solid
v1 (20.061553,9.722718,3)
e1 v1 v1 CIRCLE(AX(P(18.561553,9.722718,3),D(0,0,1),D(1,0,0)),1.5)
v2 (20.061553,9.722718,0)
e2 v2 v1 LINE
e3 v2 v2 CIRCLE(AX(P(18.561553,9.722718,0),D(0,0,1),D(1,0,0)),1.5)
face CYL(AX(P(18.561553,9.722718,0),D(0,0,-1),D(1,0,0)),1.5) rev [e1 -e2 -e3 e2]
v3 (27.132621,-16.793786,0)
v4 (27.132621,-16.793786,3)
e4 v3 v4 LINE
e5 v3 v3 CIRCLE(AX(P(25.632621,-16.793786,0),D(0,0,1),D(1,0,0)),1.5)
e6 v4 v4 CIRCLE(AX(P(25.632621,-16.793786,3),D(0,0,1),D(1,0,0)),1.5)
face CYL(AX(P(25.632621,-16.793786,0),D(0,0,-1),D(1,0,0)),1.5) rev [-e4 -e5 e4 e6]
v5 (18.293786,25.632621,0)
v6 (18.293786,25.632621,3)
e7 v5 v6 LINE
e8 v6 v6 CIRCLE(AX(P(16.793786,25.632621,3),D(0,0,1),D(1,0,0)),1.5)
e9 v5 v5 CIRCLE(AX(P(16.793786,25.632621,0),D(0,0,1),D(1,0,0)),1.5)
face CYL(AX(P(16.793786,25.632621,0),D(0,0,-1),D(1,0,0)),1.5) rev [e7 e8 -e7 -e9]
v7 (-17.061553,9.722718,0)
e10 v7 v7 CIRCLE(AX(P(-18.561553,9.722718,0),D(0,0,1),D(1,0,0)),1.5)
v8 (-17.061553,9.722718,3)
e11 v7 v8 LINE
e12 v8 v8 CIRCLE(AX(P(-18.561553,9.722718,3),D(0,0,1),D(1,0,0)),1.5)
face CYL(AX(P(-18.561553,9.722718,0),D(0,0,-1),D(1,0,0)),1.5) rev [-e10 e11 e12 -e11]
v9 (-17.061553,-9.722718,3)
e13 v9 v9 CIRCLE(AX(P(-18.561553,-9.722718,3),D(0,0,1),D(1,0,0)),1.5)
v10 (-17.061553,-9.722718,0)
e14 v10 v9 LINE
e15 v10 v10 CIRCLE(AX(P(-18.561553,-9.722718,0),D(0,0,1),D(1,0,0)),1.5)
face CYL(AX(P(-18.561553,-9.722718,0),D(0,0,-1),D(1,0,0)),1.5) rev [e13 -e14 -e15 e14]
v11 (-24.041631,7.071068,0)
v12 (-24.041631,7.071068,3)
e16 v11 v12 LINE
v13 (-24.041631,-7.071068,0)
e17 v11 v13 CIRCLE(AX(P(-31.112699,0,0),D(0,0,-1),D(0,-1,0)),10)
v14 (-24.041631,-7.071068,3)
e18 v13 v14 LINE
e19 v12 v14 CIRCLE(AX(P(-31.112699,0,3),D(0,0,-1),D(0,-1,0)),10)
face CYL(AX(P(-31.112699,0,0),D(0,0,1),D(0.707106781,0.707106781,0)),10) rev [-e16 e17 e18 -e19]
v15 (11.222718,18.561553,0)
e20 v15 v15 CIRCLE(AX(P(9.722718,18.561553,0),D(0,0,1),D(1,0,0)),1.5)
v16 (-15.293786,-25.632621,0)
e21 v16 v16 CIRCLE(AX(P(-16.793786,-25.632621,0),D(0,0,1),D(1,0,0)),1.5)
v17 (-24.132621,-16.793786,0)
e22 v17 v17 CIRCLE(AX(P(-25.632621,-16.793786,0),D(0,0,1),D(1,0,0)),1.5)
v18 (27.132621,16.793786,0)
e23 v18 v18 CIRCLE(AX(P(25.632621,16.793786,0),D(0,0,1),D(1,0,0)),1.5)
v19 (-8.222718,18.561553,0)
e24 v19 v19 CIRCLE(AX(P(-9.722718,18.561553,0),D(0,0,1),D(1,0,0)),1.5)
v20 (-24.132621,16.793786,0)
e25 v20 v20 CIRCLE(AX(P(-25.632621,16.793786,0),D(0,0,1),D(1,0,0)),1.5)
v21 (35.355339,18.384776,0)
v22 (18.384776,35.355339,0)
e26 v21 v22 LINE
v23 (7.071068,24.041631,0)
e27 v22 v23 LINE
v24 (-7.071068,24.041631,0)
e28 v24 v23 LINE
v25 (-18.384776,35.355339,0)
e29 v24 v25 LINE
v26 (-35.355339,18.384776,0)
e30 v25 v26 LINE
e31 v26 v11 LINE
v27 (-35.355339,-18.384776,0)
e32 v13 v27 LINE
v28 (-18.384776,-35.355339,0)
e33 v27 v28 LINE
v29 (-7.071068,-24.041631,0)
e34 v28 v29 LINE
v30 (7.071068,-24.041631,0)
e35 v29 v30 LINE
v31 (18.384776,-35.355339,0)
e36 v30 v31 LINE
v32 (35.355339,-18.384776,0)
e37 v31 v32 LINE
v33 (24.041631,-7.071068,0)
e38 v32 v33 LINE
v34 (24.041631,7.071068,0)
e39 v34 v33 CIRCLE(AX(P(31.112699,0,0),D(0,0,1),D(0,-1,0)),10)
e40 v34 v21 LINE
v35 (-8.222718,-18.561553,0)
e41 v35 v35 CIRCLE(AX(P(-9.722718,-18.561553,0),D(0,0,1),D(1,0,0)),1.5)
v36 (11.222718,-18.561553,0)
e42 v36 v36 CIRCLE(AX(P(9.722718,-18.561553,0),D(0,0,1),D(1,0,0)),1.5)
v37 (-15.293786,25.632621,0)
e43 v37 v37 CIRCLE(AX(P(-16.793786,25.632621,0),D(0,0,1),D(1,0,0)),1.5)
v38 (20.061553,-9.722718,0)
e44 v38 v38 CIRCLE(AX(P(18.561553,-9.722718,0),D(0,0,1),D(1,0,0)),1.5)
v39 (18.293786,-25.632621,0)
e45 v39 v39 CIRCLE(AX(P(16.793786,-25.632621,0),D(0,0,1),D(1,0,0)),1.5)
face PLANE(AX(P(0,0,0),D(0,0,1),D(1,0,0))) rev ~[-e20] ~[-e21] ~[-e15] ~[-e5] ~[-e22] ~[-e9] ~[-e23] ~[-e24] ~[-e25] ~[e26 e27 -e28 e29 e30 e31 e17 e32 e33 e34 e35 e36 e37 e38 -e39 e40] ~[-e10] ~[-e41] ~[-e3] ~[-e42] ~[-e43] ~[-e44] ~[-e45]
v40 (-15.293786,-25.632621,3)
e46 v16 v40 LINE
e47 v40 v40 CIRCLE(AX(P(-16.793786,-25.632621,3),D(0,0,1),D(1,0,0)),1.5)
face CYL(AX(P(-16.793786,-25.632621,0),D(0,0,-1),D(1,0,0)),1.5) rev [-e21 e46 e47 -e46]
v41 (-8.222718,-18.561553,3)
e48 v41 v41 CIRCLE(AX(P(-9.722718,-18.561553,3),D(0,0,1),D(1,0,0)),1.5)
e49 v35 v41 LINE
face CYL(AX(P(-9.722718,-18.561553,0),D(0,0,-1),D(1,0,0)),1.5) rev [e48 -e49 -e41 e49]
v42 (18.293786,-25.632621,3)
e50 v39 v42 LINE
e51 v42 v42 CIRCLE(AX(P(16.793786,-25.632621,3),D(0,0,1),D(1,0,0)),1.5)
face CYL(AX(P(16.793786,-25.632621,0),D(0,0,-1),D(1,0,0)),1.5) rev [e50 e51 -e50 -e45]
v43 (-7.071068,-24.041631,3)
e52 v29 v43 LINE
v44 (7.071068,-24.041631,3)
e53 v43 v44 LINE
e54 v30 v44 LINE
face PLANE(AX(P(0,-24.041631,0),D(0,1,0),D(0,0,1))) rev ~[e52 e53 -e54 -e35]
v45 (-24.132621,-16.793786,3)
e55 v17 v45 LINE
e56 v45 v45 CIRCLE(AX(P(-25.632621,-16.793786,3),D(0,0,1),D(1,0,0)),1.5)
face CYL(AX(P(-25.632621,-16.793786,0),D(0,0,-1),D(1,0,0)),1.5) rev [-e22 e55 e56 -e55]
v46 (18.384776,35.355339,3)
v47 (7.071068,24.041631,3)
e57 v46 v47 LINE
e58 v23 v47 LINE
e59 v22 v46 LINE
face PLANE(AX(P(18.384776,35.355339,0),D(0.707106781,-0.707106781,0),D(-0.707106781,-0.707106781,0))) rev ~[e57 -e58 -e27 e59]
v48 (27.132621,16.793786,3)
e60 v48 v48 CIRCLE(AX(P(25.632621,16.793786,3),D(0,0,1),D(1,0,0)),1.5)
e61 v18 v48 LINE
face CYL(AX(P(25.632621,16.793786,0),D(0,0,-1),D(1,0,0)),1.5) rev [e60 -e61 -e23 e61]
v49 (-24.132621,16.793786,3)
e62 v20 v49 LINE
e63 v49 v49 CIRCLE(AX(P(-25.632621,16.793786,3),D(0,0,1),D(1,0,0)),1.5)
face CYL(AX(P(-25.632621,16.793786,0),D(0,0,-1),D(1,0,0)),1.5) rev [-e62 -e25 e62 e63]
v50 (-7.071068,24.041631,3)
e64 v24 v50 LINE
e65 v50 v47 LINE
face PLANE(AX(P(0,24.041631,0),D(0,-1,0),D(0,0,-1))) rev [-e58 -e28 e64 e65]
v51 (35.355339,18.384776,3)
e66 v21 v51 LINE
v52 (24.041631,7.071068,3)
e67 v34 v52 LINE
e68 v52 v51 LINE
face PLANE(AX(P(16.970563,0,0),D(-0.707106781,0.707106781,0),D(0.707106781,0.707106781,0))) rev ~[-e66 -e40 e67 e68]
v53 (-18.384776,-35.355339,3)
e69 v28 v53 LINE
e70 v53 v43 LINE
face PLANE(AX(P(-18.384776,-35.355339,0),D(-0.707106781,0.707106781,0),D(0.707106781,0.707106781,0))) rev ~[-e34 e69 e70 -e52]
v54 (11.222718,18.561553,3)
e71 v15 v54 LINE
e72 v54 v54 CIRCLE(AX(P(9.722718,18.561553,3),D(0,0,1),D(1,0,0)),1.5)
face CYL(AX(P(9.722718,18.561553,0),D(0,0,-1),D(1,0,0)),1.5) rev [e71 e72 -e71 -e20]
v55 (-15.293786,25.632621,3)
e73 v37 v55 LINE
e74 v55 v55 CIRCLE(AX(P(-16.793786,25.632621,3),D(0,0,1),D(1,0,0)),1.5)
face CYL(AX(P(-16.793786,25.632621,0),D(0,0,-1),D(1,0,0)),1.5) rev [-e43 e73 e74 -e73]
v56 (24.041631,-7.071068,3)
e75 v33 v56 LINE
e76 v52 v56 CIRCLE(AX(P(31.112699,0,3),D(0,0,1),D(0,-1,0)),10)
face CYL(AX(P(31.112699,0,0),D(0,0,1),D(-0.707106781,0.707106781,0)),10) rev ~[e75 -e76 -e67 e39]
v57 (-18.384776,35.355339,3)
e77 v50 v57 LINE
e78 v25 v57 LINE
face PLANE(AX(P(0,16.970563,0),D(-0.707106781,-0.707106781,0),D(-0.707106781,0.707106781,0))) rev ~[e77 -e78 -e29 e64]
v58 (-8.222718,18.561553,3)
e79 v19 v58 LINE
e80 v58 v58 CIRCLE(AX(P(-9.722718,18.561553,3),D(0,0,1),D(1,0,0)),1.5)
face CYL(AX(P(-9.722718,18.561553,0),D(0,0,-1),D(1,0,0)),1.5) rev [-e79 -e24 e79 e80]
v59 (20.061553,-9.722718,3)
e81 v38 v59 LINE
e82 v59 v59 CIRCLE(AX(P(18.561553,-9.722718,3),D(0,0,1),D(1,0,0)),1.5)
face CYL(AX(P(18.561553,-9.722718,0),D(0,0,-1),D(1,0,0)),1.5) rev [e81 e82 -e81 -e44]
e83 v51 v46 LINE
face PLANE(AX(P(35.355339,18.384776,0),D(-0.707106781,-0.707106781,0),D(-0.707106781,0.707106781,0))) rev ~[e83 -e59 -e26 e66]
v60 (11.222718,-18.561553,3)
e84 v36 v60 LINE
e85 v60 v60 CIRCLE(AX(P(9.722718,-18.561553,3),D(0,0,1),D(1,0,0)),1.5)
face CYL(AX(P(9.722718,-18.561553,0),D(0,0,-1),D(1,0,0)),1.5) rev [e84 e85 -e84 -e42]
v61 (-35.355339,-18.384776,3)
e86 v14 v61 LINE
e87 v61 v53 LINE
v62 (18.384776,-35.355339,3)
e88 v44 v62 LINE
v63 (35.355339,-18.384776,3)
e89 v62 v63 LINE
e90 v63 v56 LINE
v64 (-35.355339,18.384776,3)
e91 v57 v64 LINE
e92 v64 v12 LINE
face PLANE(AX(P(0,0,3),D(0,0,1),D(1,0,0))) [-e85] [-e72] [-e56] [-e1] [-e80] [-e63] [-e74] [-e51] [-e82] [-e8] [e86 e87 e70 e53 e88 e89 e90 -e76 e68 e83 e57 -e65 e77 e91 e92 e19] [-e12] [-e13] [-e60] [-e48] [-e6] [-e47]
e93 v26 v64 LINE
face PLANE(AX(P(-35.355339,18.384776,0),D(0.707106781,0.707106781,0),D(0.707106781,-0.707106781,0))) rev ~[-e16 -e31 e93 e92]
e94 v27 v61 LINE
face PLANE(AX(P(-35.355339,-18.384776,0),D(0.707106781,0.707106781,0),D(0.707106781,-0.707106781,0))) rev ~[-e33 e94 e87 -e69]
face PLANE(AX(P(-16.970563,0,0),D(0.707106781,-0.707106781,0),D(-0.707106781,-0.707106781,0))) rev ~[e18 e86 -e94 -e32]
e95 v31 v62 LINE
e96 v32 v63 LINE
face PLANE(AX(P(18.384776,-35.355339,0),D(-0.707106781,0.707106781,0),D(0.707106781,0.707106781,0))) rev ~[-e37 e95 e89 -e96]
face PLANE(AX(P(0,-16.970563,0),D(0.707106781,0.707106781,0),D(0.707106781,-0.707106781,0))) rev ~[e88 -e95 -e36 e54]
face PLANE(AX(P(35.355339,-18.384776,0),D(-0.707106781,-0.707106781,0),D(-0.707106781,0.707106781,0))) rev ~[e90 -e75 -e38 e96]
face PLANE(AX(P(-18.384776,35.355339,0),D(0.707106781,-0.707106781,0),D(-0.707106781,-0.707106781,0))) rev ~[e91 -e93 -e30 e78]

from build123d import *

# Parameters (mm, degrees)
F0_R     = 1.5
F1_DEPTH = 3
F2_R     = 10
F3_SIZE  = 10


with BuildPart() as f1:
    # F0 (on Top) → F1 (new body)
    with BuildSketch(Plane.XY):
        Polygon((-35.355339, 18.384776), (-16.970563, 0), (-35.355339, -18.384776), (-18.384776, -35.355339), (0, -16.970563), (18.384776, -35.355339), (35.355339, -18.384776), (16.970563, 0), (35.355339, 18.384776), (18.384776, 35.355339), (0, 16.970563), (-18.384776, 35.355339), align=None)
        with Locations((-16.793786, -25.632621)):
            Circle(F0_R, mode=Mode.SUBTRACT)
        with Locations((-9.722718, -18.561553)):
            Circle(F0_R, mode=Mode.SUBTRACT)
        with Locations((-25.632621, -16.793786)):
            Circle(F0_R, mode=Mode.SUBTRACT)
        with Locations((-18.561553, -9.722718)):
            Circle(F0_R, mode=Mode.SUBTRACT)
        with Locations((16.793786, -25.632621)):
            Circle(F0_R, mode=Mode.SUBTRACT)
        with Locations((9.722718, -18.561553)):
            Circle(F0_R, mode=Mode.SUBTRACT)
        with Locations((25.632621, -16.793786)):
            Circle(F0_R, mode=Mode.SUBTRACT)
        with Locations((18.561553, -9.722718)):
            Circle(F0_R, mode=Mode.SUBTRACT)
        with Locations((-18.561553, 9.722718)):
            Circle(F0_R, mode=Mode.SUBTRACT)
        with Locations((-25.632621, 16.793786)):
            Circle(F0_R, mode=Mode.SUBTRACT)
        with Locations((-9.722718, 18.561553)):
            Circle(F0_R, mode=Mode.SUBTRACT)
        with Locations((-16.793786, 25.632621)):
            Circle(F0_R, mode=Mode.SUBTRACT)
        with Locations((18.561553, 9.722718)):
            Circle(F0_R, mode=Mode.SUBTRACT)
        with Locations((25.632621, 16.793786)):
            Circle(F0_R, mode=Mode.SUBTRACT)
        with Locations((9.722718, 18.561553)):
            Circle(F0_R, mode=Mode.SUBTRACT)
        with Locations((16.793786, 25.632621)):
            Circle(F0_R, mode=Mode.SUBTRACT)
    extrude(amount=F1_DEPTH)

    # F2
    f2_edges = [f1.edges().sort_by_distance(p)[0] for p in [
        (-16.970563, 0, 1.5),
        (16.970563, 0, 1.5),
    ]]
    fillet(f2_edges, radius=F2_R)

    # F3
    f3_edges = [f1.edges().sort_by_distance(p)[0] for p in [
        (0, -16.970563, 1.5),
        (0, 16.970563, 1.5),
    ]]
    chamfer(f3_edges, length=F3_SIZE)


solid = f1.part
